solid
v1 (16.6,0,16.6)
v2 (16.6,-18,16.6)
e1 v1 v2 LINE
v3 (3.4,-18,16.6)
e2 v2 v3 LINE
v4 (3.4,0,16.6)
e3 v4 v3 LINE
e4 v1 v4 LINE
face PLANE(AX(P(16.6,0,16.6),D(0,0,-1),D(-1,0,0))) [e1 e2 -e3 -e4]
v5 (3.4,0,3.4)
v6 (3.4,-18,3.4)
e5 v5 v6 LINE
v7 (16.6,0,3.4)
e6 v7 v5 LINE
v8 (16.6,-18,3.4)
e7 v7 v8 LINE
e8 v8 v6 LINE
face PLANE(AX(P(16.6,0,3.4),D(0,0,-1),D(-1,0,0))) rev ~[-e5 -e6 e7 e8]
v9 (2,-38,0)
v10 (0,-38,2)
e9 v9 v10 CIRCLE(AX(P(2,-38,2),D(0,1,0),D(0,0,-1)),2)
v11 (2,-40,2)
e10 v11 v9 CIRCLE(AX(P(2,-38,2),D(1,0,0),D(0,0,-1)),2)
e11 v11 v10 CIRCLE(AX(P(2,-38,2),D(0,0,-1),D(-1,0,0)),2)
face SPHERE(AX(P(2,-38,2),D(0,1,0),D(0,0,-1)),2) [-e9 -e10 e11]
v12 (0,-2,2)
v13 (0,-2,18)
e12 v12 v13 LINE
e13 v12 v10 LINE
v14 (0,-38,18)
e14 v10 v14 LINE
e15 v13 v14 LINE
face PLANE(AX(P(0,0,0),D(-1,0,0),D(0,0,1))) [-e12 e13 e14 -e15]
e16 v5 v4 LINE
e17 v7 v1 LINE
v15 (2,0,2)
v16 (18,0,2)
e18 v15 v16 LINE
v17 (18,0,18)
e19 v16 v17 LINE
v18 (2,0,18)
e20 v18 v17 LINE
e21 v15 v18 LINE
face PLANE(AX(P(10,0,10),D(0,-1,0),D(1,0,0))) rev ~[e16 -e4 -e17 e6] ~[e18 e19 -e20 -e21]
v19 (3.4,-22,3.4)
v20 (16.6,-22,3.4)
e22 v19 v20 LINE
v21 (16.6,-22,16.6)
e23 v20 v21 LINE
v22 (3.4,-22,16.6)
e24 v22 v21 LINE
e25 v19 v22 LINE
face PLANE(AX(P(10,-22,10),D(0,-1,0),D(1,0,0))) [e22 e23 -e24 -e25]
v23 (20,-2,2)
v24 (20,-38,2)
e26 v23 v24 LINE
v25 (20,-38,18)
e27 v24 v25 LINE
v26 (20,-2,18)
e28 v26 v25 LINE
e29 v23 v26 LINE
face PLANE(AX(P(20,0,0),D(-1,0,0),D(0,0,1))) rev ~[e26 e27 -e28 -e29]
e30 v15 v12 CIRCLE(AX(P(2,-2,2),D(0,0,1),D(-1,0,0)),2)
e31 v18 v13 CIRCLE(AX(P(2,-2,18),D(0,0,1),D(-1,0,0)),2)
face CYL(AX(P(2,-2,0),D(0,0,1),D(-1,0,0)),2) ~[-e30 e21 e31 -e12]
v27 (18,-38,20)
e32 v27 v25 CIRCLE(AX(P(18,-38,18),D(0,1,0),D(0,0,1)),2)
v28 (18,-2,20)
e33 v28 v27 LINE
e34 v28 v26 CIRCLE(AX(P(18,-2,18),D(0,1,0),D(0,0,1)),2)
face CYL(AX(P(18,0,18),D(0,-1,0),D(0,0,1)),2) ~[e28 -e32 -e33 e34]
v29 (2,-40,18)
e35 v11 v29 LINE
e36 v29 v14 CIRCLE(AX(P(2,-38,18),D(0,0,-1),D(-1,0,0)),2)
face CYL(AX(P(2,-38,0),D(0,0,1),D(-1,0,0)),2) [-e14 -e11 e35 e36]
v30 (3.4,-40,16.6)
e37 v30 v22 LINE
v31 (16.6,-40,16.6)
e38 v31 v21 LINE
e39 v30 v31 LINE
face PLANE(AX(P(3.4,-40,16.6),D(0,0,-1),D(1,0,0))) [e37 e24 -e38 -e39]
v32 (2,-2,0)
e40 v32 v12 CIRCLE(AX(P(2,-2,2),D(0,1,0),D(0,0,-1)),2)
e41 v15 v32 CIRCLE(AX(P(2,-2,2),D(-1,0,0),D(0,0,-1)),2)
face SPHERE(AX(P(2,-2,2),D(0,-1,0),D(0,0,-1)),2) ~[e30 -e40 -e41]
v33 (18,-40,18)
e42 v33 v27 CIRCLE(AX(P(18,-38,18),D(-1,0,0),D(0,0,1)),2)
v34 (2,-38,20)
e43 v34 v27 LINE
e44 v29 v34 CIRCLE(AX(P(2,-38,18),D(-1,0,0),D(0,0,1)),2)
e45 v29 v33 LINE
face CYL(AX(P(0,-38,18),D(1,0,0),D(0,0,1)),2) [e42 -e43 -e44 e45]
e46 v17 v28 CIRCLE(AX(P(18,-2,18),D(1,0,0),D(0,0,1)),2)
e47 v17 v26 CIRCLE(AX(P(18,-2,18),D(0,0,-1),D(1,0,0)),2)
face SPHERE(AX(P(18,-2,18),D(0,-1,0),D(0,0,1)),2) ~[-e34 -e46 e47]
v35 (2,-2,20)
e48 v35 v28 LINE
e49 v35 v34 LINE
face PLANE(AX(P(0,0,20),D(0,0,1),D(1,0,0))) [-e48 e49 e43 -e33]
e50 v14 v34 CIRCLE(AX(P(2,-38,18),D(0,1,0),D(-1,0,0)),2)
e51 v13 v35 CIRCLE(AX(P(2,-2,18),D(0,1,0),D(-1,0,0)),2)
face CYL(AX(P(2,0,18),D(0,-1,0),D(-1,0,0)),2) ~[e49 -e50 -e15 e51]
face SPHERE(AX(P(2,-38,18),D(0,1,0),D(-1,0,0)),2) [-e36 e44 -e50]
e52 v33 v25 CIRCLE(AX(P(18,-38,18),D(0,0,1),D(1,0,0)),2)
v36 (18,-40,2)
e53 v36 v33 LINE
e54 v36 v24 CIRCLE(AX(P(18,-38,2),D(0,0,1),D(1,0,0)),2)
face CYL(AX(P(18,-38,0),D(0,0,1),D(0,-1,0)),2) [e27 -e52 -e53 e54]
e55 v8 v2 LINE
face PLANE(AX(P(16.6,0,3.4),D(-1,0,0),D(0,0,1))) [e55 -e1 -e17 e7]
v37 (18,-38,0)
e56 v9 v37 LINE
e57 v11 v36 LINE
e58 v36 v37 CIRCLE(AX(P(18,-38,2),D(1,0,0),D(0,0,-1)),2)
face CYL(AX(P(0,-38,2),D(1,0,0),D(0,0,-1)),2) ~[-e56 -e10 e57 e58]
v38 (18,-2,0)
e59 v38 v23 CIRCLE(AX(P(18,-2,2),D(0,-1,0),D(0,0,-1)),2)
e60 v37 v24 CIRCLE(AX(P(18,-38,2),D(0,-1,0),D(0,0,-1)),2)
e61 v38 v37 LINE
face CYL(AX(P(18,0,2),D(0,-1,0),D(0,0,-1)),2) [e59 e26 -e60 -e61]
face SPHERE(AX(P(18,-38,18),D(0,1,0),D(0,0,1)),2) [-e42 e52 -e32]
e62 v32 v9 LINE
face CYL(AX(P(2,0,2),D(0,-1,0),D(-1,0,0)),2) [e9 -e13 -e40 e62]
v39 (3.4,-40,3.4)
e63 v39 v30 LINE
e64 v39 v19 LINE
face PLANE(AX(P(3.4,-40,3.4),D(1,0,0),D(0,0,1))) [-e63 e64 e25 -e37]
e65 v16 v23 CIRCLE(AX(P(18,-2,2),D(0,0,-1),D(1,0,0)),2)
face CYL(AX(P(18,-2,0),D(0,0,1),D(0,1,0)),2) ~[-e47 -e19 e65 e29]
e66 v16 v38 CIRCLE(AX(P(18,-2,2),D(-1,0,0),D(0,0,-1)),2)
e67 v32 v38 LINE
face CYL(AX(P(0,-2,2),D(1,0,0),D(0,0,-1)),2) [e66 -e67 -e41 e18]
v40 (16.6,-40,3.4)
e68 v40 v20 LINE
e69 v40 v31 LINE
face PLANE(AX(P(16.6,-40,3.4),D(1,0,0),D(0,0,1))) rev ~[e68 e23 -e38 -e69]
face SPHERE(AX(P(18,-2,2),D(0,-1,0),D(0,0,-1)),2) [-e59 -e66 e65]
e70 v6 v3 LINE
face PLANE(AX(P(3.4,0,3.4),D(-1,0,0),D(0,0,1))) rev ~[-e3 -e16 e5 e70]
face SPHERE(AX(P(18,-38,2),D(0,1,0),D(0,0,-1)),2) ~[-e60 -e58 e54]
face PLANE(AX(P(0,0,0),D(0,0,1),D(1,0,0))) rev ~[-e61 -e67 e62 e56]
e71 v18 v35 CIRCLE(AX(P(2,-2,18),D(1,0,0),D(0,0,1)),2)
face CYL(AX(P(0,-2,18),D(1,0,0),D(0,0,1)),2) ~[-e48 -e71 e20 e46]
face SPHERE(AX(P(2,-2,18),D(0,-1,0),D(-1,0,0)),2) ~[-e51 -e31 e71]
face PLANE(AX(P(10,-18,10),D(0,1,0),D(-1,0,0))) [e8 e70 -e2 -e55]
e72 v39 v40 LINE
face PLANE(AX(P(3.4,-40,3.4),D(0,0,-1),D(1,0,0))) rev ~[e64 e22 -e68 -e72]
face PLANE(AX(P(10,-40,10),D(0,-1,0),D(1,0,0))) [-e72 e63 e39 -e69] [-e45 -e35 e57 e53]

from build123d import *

# Parameters (mm, degrees)
F0_W     = 20
F0_H     = 20
F1_DEPTH = 40
F2_W     = 13.2
F2_H     = 13.2
F3_DEPTH = 18
F4_W     = 13.2
F4_H     = 13.2
F5_DEPTH = 18
F6_R     = 2


with BuildPart() as f1:
    # F0 (on Front) → F1 (new body)
    with BuildSketch(Plane.XZ):
        with Locations((10, 10)):
            Rectangle(F0_W, F0_H)
    extrude(amount=F1_DEPTH)

    # F2 (on face) → F3 (cut)
    with BuildSketch(Plane(origin=(0, 0, 0), x_dir=(-1, 0, 0), z_dir=(0, 1, 0))):
        with Locations((-10, 10)):
            Rectangle(F2_W, F2_H)
    extrude(amount=-F3_DEPTH, mode=Mode.SUBTRACT)

    # F4 (on face) → F5 (cut)
    with BuildSketch(Plane.XZ.offset(40)):
        with Locations((10, 10)):
            Rectangle(F4_W, F4_H)
    extrude(amount=-F5_DEPTH, mode=Mode.SUBTRACT)

    # F6
    f6_edges = [f1.edges().sort_by_distance(p)[0] for p in [
        (0, -20, 0),
        (20, -20, 0),
        (10, 0, 0),
        (10, -40, 0),
        (0, -20, 20),
        (0, 0, 10),
        (0, -40, 10),
        (20, -20, 20),
        (10, 0, 20),
        (10, -40, 20),
        (20, 0, 10),
        (20, -40, 10),
    ]]
    fillet(f6_edges, radius=F6_R)


solid = f1.part
